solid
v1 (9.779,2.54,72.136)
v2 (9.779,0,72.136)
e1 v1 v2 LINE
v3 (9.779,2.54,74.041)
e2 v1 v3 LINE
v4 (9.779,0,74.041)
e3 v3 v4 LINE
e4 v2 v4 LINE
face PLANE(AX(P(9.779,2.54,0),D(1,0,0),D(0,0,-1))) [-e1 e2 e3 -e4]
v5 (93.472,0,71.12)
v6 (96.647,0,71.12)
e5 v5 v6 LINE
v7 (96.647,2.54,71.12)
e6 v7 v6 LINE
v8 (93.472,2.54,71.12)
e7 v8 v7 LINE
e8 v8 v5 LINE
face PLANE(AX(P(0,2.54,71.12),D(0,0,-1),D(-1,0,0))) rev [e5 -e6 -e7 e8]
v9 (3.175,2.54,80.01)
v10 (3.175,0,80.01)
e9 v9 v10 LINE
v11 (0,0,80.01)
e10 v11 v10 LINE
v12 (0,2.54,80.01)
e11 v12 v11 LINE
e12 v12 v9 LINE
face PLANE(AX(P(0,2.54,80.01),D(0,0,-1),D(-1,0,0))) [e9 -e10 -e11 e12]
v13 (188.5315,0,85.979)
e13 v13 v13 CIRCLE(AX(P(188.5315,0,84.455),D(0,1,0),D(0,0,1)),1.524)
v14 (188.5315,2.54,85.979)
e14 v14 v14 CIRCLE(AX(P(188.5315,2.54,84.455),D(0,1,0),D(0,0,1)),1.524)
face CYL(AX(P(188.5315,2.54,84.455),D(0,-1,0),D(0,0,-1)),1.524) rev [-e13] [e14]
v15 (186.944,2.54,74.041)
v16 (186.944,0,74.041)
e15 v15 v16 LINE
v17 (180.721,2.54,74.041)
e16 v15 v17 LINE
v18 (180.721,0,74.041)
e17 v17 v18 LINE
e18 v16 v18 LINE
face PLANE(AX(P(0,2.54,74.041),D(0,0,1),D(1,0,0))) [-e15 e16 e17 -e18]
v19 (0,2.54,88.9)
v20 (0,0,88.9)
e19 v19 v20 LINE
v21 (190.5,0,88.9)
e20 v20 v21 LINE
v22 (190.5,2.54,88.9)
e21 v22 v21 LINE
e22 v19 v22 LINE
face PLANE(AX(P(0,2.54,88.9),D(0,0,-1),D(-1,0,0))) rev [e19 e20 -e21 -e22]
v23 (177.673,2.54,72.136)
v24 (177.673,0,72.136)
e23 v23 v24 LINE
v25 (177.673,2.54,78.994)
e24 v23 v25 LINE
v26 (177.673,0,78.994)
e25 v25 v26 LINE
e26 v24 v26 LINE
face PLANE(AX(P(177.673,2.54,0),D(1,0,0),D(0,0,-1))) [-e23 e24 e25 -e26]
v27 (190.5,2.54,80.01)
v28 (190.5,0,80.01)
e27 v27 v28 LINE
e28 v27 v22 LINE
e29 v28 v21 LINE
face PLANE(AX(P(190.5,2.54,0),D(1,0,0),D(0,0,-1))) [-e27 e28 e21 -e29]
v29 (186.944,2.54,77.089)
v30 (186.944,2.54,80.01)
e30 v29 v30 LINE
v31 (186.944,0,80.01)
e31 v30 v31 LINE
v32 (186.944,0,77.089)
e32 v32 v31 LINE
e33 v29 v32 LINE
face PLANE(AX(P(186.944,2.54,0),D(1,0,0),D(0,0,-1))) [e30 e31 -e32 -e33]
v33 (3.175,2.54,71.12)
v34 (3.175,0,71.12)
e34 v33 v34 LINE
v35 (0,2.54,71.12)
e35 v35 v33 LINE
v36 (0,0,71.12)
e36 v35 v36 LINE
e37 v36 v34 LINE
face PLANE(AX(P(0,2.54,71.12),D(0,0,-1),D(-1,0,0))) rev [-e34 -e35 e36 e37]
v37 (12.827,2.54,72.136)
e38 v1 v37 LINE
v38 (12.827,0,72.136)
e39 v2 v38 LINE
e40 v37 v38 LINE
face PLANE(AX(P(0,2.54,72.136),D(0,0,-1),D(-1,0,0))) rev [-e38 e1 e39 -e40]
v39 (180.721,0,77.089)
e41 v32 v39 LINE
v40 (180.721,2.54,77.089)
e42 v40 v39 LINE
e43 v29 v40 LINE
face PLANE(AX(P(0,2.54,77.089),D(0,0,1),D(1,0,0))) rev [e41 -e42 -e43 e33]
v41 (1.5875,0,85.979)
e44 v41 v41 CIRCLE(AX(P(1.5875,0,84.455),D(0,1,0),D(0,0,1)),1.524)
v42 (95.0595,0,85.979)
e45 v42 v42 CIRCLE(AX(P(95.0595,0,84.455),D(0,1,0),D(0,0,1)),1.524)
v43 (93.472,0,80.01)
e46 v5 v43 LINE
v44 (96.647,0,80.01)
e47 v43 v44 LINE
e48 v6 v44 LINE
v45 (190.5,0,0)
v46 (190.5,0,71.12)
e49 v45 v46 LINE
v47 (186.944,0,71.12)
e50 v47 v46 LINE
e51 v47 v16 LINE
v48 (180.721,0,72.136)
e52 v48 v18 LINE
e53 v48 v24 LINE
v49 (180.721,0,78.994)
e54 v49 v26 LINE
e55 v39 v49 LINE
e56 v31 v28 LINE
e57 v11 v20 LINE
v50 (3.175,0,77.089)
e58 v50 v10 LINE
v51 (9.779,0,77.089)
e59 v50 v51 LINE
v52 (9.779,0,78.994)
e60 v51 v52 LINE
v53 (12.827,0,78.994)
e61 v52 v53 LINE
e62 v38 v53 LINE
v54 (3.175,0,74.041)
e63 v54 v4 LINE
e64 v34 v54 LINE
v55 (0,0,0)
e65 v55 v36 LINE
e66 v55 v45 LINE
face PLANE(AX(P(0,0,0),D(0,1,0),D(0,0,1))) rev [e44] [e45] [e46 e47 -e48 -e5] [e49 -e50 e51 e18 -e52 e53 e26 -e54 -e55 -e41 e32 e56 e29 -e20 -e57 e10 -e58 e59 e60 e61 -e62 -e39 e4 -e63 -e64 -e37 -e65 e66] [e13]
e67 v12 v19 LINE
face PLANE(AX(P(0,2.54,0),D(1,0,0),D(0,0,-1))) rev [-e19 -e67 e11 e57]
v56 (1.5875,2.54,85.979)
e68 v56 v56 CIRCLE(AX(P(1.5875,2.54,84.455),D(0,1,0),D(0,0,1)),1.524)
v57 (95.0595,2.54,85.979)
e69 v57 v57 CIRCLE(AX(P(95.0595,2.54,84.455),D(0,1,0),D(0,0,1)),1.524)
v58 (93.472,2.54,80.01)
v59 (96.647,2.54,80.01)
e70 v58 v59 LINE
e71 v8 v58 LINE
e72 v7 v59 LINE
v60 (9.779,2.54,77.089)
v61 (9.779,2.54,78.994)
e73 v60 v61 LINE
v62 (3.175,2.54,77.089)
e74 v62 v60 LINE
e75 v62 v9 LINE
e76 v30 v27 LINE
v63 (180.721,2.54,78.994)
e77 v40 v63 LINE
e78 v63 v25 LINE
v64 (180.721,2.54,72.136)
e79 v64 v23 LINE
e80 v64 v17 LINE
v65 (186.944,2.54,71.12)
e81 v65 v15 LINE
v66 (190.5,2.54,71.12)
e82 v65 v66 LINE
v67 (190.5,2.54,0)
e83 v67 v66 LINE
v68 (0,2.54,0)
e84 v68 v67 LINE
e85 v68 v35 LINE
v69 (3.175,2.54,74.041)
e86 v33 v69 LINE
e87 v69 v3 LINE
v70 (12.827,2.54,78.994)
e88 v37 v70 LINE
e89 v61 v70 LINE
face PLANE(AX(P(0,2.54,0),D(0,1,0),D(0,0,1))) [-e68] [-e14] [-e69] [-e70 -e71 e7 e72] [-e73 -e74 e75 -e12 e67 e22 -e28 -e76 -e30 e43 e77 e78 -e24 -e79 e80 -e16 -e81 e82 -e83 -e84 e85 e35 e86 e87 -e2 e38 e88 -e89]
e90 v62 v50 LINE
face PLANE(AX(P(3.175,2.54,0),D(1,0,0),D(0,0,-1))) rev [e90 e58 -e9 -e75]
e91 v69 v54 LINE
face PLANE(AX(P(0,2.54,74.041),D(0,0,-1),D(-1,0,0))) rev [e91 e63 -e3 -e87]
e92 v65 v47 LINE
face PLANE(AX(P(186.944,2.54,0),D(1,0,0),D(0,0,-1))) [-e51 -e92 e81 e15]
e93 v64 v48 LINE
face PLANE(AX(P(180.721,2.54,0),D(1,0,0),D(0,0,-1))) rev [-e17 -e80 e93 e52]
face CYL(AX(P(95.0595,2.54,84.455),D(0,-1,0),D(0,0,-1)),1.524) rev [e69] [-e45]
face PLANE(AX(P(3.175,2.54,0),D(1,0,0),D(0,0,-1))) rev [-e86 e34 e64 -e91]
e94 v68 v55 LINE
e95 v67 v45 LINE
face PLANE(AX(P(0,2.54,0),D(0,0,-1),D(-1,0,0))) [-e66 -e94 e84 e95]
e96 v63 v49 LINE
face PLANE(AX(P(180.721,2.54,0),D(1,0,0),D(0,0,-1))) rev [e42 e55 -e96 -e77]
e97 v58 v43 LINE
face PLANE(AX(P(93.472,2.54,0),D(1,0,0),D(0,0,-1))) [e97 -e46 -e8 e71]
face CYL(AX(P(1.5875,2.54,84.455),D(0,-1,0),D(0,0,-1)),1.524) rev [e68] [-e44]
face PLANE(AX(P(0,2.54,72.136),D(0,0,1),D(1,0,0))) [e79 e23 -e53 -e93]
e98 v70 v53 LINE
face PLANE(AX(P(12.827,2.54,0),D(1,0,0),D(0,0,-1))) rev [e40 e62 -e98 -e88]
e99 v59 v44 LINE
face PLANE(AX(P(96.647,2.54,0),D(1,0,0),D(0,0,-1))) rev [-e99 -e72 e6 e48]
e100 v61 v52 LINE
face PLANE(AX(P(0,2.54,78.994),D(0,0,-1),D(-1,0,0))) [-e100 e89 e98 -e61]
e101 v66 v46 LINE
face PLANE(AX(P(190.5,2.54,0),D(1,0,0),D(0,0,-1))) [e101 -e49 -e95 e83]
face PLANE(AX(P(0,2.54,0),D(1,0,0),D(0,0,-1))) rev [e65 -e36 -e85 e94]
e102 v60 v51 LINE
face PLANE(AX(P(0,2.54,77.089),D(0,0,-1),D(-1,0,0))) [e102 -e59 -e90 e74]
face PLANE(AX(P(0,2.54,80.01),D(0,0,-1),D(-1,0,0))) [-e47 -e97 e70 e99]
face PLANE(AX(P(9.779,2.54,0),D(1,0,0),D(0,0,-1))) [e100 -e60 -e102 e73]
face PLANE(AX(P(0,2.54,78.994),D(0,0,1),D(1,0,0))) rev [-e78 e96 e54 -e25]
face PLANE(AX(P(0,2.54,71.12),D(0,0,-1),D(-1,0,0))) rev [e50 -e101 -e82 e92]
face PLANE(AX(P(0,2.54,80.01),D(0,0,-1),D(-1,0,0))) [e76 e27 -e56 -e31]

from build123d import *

# Parameters (mm, degrees)
SKETCH1_W           = 3.175
SKETCH1_H           = 8.89
SKETCH1_R           = 1.524
BOSS_EXTRUDE1_DEPTH = 2.54


with BuildPart() as part:
    # Sketch1 → Boss-Extrude1 (new body)
    with BuildSketch(Plane(origin=(0, 0, 0), x_dir=(1, 0, 0), z_dir=(0, 1, 0))):
        Polygon((186.944, -80.01), (186.944, -77.089), (180.721, -77.089), (180.721, -78.994), (177.673, -78.994), (177.673, -72.136), (180.721, -72.136), (180.721, -74.041), (186.944, -74.041), (186.944, -71.12), (190.5, -71.12), (190.5, 0), (0, 0), (0, -71.12), (3.175, -71.12), (3.175, -74.041), (9.779, -74.041), (9.779, -72.136), (12.827, -72.136), (12.827, -78.994), (9.779, -78.994), (9.779, -77.089), (3.175, -77.089), (3.175, -80.01), (0, -80.01), (0, -88.9), (190.5, -88.9), (190.5, -80.01), align=None)
        with Locations((95.0595, -75.565)):
            Rectangle(SKETCH1_W, SKETCH1_H, mode=Mode.SUBTRACT)
        with Locations(Location((95.0595, -84.455, 0), (0, 0, 270))):
            Circle(SKETCH1_R, mode=Mode.SUBTRACT)
        with Locations(Location((1.5875, -84.455, 0), (0, 0, 270))):
            Circle(SKETCH1_R, mode=Mode.SUBTRACT)
        with Locations(Location((188.5315, -84.455, 0), (0, 0, 270))):
            Circle(SKETCH1_R, mode=Mode.SUBTRACT)
    extrude(amount=BOSS_EXTRUDE1_DEPTH)


solid = part.part
